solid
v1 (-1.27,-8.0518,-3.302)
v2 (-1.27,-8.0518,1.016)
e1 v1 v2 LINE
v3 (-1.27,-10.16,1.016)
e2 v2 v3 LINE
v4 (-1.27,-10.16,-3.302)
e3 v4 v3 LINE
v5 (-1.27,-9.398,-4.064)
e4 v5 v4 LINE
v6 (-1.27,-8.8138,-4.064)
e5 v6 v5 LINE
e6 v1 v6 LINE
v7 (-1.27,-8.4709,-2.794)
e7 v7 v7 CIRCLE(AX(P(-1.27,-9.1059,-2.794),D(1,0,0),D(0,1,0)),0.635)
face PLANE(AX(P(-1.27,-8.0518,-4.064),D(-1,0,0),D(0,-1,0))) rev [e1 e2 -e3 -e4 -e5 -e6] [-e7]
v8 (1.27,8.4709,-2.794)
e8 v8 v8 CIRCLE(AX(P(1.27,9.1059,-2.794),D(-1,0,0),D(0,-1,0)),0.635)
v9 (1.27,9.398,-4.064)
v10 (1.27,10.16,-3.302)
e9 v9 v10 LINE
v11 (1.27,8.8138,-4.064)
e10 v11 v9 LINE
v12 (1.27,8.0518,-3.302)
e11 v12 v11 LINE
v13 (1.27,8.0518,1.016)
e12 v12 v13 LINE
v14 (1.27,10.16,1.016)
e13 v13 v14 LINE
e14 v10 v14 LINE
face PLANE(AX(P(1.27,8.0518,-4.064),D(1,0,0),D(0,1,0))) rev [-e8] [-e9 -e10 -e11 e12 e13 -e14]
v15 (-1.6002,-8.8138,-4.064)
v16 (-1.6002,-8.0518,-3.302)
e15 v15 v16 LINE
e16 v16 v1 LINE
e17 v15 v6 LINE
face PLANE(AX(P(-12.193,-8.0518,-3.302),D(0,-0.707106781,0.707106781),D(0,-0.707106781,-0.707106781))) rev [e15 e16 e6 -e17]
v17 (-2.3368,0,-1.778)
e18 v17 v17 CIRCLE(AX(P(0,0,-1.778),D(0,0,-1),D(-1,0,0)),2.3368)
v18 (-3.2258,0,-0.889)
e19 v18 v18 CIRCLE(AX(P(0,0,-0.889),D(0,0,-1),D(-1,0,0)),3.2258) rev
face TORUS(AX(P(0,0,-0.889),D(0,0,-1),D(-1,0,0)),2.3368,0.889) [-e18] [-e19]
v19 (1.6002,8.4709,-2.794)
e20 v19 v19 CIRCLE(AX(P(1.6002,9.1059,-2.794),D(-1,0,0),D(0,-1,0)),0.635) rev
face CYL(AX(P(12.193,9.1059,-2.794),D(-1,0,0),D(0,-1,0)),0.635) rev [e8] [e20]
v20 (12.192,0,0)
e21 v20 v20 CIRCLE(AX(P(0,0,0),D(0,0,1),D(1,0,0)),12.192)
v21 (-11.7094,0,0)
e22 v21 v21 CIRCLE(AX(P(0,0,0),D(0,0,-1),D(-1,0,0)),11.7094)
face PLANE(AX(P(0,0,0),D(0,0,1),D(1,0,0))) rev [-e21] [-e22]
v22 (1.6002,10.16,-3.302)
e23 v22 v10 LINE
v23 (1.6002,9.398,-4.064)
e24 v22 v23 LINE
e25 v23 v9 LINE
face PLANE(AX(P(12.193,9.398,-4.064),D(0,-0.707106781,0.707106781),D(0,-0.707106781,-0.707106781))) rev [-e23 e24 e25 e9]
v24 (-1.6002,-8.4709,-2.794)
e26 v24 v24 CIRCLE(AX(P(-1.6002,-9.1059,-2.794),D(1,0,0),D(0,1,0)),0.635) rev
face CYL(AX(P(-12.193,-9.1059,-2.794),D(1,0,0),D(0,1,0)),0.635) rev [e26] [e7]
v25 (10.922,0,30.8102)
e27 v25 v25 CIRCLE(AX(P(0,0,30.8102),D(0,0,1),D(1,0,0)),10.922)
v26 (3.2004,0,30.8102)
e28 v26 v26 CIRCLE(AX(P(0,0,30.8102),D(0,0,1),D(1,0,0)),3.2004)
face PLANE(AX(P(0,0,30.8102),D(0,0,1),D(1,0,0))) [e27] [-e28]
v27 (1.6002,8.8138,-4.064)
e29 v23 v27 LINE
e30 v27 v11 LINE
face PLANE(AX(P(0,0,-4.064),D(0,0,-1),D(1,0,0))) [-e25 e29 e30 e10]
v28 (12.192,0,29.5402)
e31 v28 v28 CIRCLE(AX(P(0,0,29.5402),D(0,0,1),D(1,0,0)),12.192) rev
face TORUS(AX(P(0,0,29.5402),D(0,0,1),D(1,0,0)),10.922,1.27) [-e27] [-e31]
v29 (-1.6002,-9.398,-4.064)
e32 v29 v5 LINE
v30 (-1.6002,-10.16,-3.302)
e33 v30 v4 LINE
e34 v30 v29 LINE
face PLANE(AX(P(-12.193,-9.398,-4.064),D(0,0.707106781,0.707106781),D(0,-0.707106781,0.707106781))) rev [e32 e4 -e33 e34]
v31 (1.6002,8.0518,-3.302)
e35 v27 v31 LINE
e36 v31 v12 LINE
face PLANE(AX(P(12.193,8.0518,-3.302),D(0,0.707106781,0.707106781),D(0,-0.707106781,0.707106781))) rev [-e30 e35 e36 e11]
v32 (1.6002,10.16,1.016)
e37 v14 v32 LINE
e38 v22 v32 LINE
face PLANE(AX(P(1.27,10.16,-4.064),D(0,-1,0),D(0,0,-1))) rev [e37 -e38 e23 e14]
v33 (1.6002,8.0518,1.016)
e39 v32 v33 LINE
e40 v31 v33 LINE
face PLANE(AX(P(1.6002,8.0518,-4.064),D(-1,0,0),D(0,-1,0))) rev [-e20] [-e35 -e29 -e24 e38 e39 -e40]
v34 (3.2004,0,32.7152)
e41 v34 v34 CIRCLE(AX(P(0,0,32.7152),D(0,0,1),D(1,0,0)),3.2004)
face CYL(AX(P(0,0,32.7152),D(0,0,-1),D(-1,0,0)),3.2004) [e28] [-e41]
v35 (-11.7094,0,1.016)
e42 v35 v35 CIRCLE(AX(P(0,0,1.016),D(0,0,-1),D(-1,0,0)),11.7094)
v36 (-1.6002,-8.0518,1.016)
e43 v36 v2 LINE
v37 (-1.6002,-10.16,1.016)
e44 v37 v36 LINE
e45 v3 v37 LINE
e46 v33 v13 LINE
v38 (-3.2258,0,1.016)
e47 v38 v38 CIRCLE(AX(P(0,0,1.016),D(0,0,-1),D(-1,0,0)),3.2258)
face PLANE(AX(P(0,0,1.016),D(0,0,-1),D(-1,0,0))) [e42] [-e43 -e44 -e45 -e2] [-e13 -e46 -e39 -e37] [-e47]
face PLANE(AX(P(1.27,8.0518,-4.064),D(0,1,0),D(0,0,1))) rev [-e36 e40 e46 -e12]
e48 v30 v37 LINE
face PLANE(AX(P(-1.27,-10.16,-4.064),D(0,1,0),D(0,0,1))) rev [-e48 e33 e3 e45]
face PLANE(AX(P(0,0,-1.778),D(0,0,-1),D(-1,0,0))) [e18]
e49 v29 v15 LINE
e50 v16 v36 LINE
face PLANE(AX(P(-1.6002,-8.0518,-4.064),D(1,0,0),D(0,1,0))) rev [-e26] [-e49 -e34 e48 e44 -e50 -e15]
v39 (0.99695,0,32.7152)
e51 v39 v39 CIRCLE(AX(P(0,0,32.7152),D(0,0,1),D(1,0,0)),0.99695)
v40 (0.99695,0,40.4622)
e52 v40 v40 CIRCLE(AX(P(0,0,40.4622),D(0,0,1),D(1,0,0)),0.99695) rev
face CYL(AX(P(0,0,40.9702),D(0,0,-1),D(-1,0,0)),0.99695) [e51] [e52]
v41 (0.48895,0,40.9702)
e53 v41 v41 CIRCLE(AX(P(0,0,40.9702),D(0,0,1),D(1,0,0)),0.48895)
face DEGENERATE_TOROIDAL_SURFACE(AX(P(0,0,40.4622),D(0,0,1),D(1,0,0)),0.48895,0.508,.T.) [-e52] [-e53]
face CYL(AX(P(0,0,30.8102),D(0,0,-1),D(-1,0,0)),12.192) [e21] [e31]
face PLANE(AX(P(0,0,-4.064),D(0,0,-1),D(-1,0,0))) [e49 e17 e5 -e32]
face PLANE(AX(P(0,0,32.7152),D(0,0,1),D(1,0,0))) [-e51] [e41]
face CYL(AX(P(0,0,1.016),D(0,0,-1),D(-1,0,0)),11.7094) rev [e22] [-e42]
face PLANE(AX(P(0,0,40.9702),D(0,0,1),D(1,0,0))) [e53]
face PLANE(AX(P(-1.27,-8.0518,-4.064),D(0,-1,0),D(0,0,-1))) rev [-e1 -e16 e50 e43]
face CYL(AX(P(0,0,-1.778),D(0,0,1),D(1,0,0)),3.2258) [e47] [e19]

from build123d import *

# Parameters (mm, degrees)
SKETCH1_R           = 12.192
BOSS_EXTRUDE1_DEPTH = 30.8102
SKETCH2_R           = 0.99695
BOSS_EXTRUDE3_DEPTH = 10.16
SKETCH6_R           = 3.2004
BOSS_EXTRUDE4_DEPTH = 1.905
FILLET2_R           = 0.508
FILLET3_R           = 1.27
SKETCH7_R           = 11.7094
CUT_EXTRUDE1_DEPTH  = 1.016
SKETCH10_R          = 3.2258
BOSS_EXTRUDE5_DEPTH = 2.794
FILLET4_R           = 0.889
SKETCH11_W          = 0.3302
SKETCH11_H          = 2.1082
BOSS_EXTRUDE6_DEPTH = 5.08
SKETCH12_R          = 0.635
CUT_EXTRUDE2_DEPTH  = 0.3302
CIRPATTERN1_COUNT   = 2


with BuildPart() as part:
    # Sketch1 → Boss-Extrude1 (new body)
    with BuildSketch(Plane.XY):
        Circle(SKETCH1_R)
    extrude(amount=BOSS_EXTRUDE1_DEPTH)

    # Sketch2 → Boss-Extrude3 (add)
    with BuildSketch(Plane.XY.offset(30.8102)):
        Circle(SKETCH2_R)
    extrude(amount=BOSS_EXTRUDE3_DEPTH)

    # Sketch6 → Boss-Extrude4 (add)
    with BuildSketch(Plane.XY.offset(30.8102)):
        Circle(SKETCH6_R)
    extrude(amount=BOSS_EXTRUDE4_DEPTH)

    # Fillet2
    fillet2_edges = [part.edges().sort_by_distance(p)[0] for p in [
        (-0.99695, 0, 40.9702),
    ]]
    fillet(fillet2_edges, radius=FILLET2_R)

    # Fillet3
    fillet3_edges = [part.edges().sort_by_distance(p)[0] for p in [
        (-12.192, 0, 30.8102),
    ]]
    fillet(fillet3_edges, radius=FILLET3_R)

    # Sketch7 → Cut-Extrude1 (cut)
    with BuildSketch(Plane(origin=(0, 0, 0), x_dir=(-1, 0, 0), z_dir=(0, 0, -1))):
        Circle(SKETCH7_R)
    extrude(amount=-CUT_EXTRUDE1_DEPTH, mode=Mode.SUBTRACT)

    # Sketch10 → Boss-Extrude5 (add)
    with BuildSketch(Plane(origin=(0, 0, 1.016), x_dir=(-1, 0, 0), z_dir=(0, 0, -1))):
        Circle(SKETCH10_R)
    extrude(amount=BOSS_EXTRUDE5_DEPTH)

    # Fillet4
    fillet4_edges = [part.edges().sort_by_distance(p)[0] for p in [
        (3.2258, 0, -1.778),
    ]]
    fillet(fillet4_edges, radius=FILLET4_R)

    # Sketch11 → Boss-Extrude6 (add)
    with BuildSketch(Plane(origin=(0, 0, 1.016), x_dir=(-1, 0, 0), z_dir=(0, 0, -1))):
        with Locations((1.4351, -9.1059)):
            Rectangle(SKETCH11_W, SKETCH11_H)
    boss_extrude6 = extrude(amount=BOSS_EXTRUDE6_DEPTH)

    # Sketch12 → Cut-Extrude2 (cut)
    with BuildSketch(Plane(origin=(-1.27, 0, 0), x_dir=(0, 0, -1), z_dir=(1, 0, 0))):
        with Locations((2.794, -9.1059)):
            Circle(SKETCH12_R)
        Polygon((3.302, -8.0518), (4.064, -8.8138), (4.064, -8.0518), align=None)
        Polygon((4.064, -9.398), (3.302, -10.16), (4.064, -10.16), align=None)
    cut_extrude2 = extrude(amount=-CUT_EXTRUDE2_DEPTH, mode=Mode.SUBTRACT)

    # CirPattern1: Boss-Extrude6, Cut-Extrude2 ×2 about axis
    cirpattern1_axis = Axis((0, 0, 0), (0, 0, 1))
    for i in range(1, CIRPATTERN1_COUNT):
        add(boss_extrude6.rotate(cirpattern1_axis, i * 360 / CIRPATTERN1_COUNT))
        add(cut_extrude2.rotate(cirpattern1_axis, i * 360 / CIRPATTERN1_COUNT), mode=Mode.SUBTRACT)


solid = part.part
